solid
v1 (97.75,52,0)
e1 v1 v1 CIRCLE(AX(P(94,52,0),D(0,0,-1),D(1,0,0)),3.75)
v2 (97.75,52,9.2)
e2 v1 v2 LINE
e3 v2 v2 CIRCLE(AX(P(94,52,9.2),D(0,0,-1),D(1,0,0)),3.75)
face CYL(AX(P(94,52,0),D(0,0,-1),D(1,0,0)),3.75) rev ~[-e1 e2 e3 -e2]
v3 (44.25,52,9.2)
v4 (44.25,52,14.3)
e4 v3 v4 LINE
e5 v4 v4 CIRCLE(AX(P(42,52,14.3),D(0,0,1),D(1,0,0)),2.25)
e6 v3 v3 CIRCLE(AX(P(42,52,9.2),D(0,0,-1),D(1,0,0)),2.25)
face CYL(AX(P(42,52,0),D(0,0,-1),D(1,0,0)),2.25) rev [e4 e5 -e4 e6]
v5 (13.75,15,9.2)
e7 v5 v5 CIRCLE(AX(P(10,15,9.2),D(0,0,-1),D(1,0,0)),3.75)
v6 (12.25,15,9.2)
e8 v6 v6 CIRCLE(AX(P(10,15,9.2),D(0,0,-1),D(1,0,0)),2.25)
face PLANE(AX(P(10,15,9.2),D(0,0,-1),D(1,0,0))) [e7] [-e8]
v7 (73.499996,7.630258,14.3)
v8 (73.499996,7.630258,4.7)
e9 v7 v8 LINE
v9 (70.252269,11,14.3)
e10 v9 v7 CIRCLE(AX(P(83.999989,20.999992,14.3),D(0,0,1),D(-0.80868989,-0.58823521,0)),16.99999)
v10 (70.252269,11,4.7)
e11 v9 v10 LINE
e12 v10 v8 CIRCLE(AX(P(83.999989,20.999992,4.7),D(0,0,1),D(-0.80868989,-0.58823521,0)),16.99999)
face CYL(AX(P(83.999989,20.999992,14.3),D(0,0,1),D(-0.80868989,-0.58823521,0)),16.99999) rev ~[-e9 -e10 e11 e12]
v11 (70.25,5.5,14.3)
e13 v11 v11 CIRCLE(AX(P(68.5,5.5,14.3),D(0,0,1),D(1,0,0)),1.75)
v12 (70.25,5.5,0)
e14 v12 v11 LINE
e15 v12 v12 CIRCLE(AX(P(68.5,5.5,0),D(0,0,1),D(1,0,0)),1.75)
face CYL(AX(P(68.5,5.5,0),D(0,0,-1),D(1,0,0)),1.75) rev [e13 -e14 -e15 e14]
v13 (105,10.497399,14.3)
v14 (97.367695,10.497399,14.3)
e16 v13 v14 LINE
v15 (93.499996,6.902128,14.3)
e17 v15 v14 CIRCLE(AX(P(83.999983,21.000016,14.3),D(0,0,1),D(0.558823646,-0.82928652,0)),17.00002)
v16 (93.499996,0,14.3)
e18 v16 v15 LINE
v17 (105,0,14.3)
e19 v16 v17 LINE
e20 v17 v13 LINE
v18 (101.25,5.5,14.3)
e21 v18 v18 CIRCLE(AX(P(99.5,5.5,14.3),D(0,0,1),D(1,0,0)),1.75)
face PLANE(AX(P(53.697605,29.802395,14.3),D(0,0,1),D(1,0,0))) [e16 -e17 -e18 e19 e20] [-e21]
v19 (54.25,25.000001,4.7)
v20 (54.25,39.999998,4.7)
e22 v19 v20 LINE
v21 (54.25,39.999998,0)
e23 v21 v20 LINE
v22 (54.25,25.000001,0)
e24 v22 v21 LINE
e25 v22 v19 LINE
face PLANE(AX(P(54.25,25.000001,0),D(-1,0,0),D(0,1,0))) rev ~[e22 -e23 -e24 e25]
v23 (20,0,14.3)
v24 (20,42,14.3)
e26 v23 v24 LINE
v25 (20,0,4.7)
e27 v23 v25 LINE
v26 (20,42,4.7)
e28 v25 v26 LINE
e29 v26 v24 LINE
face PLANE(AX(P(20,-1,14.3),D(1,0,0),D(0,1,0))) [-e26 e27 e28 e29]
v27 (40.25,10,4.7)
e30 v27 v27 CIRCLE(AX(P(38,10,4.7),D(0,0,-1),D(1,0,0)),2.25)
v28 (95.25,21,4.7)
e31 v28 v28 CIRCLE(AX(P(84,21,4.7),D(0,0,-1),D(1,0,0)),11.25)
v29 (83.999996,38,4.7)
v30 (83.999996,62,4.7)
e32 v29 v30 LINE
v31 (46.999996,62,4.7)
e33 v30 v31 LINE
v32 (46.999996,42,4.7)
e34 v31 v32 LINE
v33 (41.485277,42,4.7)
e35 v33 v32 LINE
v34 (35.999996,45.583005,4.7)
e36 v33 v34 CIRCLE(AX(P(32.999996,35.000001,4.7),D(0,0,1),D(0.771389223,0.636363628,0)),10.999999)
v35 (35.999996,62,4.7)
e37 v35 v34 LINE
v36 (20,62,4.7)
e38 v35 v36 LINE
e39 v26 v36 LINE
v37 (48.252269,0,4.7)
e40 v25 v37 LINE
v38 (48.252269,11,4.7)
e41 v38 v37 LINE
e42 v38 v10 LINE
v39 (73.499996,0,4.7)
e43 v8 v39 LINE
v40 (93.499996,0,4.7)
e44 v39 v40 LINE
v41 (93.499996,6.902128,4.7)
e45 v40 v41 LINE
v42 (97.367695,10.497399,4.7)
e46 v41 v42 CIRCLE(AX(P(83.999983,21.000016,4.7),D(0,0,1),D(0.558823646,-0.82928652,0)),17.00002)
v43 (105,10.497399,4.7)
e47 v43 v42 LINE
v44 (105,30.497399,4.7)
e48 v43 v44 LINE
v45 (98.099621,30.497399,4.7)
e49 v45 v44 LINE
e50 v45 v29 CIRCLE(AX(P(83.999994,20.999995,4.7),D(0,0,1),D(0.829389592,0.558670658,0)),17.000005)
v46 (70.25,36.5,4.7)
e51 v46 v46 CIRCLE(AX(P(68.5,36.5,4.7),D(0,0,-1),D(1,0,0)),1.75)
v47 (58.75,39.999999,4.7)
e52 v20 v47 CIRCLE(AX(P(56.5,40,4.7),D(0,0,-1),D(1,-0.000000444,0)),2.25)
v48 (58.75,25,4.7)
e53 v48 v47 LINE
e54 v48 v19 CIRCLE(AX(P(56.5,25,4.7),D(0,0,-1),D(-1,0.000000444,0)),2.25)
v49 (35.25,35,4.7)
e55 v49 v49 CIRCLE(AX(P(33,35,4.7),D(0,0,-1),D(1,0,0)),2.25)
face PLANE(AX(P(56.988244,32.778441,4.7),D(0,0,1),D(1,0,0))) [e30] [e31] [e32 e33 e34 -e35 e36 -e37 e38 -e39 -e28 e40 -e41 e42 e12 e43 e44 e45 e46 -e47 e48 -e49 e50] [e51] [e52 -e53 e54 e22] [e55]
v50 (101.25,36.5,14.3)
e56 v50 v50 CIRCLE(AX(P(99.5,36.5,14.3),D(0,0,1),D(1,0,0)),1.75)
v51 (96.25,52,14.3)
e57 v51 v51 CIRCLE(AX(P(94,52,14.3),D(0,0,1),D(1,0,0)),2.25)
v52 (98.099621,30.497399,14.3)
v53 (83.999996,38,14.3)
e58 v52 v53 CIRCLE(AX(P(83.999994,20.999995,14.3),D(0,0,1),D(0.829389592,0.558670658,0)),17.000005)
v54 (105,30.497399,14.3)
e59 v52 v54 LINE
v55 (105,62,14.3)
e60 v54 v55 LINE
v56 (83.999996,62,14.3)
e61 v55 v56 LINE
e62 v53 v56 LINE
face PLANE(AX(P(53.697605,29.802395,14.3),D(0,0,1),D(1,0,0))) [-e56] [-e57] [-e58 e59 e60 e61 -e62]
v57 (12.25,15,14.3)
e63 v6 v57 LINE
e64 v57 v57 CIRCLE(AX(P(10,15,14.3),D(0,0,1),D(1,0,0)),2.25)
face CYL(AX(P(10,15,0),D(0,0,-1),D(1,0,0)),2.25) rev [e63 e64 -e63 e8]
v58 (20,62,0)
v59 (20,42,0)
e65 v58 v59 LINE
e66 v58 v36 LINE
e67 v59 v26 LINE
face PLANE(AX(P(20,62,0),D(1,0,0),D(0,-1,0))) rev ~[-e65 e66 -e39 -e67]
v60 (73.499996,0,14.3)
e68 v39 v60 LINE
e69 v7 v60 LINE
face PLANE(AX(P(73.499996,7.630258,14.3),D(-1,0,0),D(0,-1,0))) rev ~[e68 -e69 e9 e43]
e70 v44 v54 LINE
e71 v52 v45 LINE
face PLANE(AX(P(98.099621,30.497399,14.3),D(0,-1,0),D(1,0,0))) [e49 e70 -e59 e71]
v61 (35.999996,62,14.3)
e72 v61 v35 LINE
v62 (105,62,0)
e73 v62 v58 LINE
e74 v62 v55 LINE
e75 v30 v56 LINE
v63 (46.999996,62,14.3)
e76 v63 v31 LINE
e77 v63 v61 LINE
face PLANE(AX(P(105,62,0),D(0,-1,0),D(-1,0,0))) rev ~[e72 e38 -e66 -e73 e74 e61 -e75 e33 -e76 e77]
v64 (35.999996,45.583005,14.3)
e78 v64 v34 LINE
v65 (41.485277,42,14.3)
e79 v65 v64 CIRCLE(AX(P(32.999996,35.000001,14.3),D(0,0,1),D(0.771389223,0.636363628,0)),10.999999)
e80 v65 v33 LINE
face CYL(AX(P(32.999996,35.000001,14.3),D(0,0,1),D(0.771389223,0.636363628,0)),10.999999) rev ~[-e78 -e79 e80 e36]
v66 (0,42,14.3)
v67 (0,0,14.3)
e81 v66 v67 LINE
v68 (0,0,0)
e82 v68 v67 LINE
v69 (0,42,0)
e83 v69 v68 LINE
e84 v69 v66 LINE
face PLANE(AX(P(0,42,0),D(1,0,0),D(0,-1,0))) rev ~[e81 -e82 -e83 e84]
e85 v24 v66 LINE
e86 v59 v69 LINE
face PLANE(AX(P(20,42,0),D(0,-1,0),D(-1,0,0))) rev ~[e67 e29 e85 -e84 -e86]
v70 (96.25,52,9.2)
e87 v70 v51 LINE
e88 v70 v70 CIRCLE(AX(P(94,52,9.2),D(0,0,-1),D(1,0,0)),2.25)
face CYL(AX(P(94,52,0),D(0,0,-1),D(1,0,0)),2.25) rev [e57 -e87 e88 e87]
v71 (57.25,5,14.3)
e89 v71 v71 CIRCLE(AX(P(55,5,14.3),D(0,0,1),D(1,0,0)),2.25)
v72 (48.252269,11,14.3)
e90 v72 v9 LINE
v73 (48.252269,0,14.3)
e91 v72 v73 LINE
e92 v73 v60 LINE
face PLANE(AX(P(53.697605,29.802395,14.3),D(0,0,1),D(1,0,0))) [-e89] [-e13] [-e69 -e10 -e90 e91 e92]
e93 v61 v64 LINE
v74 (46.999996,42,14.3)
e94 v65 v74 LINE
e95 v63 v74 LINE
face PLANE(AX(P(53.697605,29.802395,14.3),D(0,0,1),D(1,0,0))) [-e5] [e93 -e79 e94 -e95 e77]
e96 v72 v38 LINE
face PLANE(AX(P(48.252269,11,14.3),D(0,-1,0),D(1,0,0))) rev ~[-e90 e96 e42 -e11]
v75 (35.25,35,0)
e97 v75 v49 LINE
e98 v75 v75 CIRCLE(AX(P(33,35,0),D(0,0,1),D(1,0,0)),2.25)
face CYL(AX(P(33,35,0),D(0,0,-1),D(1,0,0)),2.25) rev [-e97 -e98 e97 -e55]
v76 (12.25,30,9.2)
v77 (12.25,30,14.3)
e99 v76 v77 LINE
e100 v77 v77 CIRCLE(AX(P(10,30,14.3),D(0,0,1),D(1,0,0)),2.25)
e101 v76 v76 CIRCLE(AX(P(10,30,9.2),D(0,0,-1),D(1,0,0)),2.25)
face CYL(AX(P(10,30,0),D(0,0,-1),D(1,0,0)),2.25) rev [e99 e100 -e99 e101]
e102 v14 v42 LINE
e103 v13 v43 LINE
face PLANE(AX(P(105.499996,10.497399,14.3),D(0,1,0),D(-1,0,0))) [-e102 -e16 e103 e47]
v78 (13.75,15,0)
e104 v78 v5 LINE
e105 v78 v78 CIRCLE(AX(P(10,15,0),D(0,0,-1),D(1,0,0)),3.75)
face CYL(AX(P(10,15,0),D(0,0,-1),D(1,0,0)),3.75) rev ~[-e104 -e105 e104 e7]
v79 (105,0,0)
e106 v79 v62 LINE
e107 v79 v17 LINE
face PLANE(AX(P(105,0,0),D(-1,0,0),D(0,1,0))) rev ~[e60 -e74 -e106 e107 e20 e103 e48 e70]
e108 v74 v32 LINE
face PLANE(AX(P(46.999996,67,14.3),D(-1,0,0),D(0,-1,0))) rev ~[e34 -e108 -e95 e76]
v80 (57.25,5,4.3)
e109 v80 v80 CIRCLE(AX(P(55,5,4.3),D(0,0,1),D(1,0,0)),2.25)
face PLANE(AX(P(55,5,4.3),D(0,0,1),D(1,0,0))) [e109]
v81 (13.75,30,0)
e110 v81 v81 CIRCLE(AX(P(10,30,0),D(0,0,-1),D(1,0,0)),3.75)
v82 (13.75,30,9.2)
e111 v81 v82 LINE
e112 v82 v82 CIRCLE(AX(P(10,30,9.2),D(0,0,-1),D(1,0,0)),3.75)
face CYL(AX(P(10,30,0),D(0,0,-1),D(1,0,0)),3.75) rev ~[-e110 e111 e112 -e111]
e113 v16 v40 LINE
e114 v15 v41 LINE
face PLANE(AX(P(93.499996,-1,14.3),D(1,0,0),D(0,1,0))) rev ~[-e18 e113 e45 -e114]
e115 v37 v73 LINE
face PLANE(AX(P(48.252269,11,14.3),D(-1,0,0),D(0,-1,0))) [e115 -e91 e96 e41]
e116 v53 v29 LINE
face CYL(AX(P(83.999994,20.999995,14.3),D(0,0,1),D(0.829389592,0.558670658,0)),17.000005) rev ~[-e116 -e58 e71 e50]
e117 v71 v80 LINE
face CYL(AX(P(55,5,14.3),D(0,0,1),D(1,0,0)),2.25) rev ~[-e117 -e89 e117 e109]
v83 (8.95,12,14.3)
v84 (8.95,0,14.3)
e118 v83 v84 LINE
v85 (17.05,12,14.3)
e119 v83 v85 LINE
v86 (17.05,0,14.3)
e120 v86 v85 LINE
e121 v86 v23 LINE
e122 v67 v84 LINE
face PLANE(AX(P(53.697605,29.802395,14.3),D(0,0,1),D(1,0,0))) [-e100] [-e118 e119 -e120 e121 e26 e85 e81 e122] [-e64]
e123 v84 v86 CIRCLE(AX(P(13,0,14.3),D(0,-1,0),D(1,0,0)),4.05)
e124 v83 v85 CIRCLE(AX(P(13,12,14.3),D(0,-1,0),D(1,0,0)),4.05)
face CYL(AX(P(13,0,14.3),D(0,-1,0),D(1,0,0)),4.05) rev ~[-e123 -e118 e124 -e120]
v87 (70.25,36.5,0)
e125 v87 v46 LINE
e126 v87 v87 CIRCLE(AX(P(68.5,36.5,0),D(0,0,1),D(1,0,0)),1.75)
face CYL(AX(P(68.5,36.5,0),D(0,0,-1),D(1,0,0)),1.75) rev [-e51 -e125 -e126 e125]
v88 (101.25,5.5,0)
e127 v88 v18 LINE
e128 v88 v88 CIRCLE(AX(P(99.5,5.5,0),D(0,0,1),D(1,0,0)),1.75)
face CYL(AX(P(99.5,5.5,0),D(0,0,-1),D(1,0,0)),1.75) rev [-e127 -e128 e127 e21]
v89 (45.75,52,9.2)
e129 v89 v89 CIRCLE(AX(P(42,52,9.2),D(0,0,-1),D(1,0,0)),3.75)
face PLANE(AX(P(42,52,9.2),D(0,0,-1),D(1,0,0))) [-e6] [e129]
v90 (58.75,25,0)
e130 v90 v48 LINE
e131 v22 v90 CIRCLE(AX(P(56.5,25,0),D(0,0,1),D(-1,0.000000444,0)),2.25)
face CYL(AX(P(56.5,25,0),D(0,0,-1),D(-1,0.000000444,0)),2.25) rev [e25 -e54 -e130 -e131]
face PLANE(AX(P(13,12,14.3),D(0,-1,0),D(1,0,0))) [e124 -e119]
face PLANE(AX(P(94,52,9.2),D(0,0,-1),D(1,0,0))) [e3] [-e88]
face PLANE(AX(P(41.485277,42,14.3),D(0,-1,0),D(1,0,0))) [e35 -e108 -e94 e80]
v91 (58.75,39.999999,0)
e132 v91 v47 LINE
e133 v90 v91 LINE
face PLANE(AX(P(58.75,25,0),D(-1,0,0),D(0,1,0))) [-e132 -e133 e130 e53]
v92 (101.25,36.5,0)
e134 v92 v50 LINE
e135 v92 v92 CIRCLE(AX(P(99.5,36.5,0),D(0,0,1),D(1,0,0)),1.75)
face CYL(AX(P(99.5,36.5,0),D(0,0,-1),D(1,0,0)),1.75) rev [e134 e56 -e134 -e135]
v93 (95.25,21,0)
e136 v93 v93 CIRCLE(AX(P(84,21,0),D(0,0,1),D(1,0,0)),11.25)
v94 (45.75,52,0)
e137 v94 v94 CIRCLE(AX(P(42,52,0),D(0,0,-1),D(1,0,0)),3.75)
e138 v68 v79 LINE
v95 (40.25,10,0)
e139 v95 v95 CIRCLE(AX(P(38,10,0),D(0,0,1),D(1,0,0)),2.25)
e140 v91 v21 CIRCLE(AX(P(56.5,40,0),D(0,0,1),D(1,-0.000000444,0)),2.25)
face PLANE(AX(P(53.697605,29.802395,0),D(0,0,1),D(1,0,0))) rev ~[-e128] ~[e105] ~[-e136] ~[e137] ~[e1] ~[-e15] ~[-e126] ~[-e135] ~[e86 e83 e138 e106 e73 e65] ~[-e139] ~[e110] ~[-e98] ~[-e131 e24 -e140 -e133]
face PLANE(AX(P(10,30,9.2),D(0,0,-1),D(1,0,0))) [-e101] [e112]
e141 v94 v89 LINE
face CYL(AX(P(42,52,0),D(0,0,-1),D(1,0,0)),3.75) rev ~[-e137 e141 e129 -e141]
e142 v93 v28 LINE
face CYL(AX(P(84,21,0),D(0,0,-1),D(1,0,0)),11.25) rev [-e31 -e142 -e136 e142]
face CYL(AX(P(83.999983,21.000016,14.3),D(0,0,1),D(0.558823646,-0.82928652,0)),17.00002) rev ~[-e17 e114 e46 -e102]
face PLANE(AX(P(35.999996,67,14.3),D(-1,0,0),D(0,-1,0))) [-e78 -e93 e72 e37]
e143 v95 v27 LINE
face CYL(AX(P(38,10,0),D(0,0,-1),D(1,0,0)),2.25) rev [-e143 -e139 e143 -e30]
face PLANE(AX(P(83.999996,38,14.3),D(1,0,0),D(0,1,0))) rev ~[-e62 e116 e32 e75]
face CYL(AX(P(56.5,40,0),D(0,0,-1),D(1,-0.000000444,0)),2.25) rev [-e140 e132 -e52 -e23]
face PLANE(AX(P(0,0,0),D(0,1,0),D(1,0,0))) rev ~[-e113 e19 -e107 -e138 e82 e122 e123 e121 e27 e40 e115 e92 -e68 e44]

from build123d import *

# Parameters (mm, degrees)
SKETCH_R        = 2.25
SKETCH_R_2      = 11.25
SKETCH_R_3      = 1.75
PAD_DEPTH       = 14.3
POCKET_DEPTH    = 9.6
SKETCH004_R     = 2.25
POCKET003_DEPTH = 10
SKETCH005_R     = 4.05
POCKET004_DEPTH = 12
SKETCH006_R     = 3.75
POCKET005_DEPTH = 9.2


with BuildPart() as part:
    # Sketch → Pad (new body)
    with BuildSketch(Plane.XY):
        Polygon((0, 0), (105, 0), (105, 62), (20, 62), (20, 42), (0, 42), align=None)
        with Locations((38, 10)):
            Circle(SKETCH_R, mode=Mode.SUBTRACT)
        with Locations((33, 35)):
            Circle(SKETCH_R, mode=Mode.SUBTRACT)
        with Locations((84, 21)):
            Circle(SKETCH_R_2, mode=Mode.SUBTRACT)
        with Locations((68.5, 36.5)):
            Circle(SKETCH_R_3, mode=Mode.SUBTRACT)
        with Locations((99.5, 36.5)):
            Circle(SKETCH_R_3, mode=Mode.SUBTRACT)
        with Locations((68.5, 5.5)):
            Circle(SKETCH_R_3, mode=Mode.SUBTRACT)
        with Locations((99.5, 5.5)):
            Circle(SKETCH_R_3, mode=Mode.SUBTRACT)
        with Locations((10, 30)):
            Circle(SKETCH_R, mode=Mode.SUBTRACT)
        with Locations((10, 15)):
            Circle(SKETCH_R, mode=Mode.SUBTRACT)
        with Locations((42, 52)):
            Circle(SKETCH_R, mode=Mode.SUBTRACT)
        with Locations((94, 52)):
            Circle(SKETCH_R, mode=Mode.SUBTRACT)
        with BuildLine():
            Line((58.75, 25), (58.75, 39.999999))
            ThreePointArc((58.75, 39.999999), (56.5, 42.25), (54.25, 39.999998))
            Line((54.25, 25.000001), (54.25, 39.999998))
            ThreePointArc((54.25, 25.000001), (56.5, 22.75), (58.75, 25))
        make_face(mode=Mode.SUBTRACT)
    extrude(amount=PAD_DEPTH)

    # Sketch001 → Pocket (cut)
    with BuildSketch(Plane.XY.offset(14.3)):
        with BuildLine():
            ThreePointArc((41.485277, 42), (39.015593, 44.209375), (35.999996, 45.583005))
            Line((35.999996, 67), (35.999996, 45.583005))
            Line((20, 67), (35.999996, 67))
            Line((20, -1), (20, 67))
            Line((20, -1), (48.252269, -1))
            Line((48.252269, 11), (48.252269, -1))
            Line((48.252269, 11), (70.252269, 11))
            ThreePointArc((70.252269, 11), (71.759618, 9.202833), (73.499996, 7.630258))
            Line((73.499996, 7.630258), (73.499996, -1))
            Line((73.499996, -1), (93.499996, -1))
            Line((93.499996, -1), (93.499996, 6.902128))
            ThreePointArc((93.499996, 6.902128), (95.574295, 8.548671), (97.367695, 10.497399))
            Line((105.499996, 10.497399), (97.367695, 10.497399))
            Line((105.499996, 30.497399), (105.499996, 10.497399))
            Line((98.099621, 30.497399), (105.499996, 30.497399))
            ThreePointArc((98.099621, 30.497399), (91.98574, 36.007594), (83.999996, 38))
            Line((83.999996, 38), (83.999996, 67))
            Line((83.999996, 67), (46.999996, 67))
            Line((46.999996, 67), (46.999996, 42))
            Line((41.485277, 42), (46.999996, 42))
        make_face()
    extrude(amount=-POCKET_DEPTH, mode=Mode.SUBTRACT)

    # Sketch004 → Pocket003 (cut)
    with BuildSketch(Plane.XY.offset(14.3)):
        with Locations((55, 5)):
            Circle(SKETCH004_R)
    extrude(amount=-POCKET003_DEPTH, mode=Mode.SUBTRACT)

    # Sketch005 → Pocket004 (cut)
    with BuildSketch(Plane.XZ):
        with Locations((13, 14.3)):
            Circle(SKETCH005_R)
    extrude(amount=-POCKET004_DEPTH, mode=Mode.SUBTRACT)

    # Sketch006 → Pocket005 (cut)
    with BuildSketch(Plane(origin=(0, 0, 0), x_dir=(1, 0, 0), z_dir=(0, 0, -1))):
        with Locations((10, -15)):
            Circle(SKETCH006_R)
        with Locations((10, -30)):
            Circle(SKETCH006_R)
        with Locations((42, -52)):
            Circle(SKETCH006_R)
        with Locations((94, -52)):
            Circle(SKETCH006_R)
    extrude(amount=-POCKET005_DEPTH, mode=Mode.SUBTRACT)


solid = part.part
